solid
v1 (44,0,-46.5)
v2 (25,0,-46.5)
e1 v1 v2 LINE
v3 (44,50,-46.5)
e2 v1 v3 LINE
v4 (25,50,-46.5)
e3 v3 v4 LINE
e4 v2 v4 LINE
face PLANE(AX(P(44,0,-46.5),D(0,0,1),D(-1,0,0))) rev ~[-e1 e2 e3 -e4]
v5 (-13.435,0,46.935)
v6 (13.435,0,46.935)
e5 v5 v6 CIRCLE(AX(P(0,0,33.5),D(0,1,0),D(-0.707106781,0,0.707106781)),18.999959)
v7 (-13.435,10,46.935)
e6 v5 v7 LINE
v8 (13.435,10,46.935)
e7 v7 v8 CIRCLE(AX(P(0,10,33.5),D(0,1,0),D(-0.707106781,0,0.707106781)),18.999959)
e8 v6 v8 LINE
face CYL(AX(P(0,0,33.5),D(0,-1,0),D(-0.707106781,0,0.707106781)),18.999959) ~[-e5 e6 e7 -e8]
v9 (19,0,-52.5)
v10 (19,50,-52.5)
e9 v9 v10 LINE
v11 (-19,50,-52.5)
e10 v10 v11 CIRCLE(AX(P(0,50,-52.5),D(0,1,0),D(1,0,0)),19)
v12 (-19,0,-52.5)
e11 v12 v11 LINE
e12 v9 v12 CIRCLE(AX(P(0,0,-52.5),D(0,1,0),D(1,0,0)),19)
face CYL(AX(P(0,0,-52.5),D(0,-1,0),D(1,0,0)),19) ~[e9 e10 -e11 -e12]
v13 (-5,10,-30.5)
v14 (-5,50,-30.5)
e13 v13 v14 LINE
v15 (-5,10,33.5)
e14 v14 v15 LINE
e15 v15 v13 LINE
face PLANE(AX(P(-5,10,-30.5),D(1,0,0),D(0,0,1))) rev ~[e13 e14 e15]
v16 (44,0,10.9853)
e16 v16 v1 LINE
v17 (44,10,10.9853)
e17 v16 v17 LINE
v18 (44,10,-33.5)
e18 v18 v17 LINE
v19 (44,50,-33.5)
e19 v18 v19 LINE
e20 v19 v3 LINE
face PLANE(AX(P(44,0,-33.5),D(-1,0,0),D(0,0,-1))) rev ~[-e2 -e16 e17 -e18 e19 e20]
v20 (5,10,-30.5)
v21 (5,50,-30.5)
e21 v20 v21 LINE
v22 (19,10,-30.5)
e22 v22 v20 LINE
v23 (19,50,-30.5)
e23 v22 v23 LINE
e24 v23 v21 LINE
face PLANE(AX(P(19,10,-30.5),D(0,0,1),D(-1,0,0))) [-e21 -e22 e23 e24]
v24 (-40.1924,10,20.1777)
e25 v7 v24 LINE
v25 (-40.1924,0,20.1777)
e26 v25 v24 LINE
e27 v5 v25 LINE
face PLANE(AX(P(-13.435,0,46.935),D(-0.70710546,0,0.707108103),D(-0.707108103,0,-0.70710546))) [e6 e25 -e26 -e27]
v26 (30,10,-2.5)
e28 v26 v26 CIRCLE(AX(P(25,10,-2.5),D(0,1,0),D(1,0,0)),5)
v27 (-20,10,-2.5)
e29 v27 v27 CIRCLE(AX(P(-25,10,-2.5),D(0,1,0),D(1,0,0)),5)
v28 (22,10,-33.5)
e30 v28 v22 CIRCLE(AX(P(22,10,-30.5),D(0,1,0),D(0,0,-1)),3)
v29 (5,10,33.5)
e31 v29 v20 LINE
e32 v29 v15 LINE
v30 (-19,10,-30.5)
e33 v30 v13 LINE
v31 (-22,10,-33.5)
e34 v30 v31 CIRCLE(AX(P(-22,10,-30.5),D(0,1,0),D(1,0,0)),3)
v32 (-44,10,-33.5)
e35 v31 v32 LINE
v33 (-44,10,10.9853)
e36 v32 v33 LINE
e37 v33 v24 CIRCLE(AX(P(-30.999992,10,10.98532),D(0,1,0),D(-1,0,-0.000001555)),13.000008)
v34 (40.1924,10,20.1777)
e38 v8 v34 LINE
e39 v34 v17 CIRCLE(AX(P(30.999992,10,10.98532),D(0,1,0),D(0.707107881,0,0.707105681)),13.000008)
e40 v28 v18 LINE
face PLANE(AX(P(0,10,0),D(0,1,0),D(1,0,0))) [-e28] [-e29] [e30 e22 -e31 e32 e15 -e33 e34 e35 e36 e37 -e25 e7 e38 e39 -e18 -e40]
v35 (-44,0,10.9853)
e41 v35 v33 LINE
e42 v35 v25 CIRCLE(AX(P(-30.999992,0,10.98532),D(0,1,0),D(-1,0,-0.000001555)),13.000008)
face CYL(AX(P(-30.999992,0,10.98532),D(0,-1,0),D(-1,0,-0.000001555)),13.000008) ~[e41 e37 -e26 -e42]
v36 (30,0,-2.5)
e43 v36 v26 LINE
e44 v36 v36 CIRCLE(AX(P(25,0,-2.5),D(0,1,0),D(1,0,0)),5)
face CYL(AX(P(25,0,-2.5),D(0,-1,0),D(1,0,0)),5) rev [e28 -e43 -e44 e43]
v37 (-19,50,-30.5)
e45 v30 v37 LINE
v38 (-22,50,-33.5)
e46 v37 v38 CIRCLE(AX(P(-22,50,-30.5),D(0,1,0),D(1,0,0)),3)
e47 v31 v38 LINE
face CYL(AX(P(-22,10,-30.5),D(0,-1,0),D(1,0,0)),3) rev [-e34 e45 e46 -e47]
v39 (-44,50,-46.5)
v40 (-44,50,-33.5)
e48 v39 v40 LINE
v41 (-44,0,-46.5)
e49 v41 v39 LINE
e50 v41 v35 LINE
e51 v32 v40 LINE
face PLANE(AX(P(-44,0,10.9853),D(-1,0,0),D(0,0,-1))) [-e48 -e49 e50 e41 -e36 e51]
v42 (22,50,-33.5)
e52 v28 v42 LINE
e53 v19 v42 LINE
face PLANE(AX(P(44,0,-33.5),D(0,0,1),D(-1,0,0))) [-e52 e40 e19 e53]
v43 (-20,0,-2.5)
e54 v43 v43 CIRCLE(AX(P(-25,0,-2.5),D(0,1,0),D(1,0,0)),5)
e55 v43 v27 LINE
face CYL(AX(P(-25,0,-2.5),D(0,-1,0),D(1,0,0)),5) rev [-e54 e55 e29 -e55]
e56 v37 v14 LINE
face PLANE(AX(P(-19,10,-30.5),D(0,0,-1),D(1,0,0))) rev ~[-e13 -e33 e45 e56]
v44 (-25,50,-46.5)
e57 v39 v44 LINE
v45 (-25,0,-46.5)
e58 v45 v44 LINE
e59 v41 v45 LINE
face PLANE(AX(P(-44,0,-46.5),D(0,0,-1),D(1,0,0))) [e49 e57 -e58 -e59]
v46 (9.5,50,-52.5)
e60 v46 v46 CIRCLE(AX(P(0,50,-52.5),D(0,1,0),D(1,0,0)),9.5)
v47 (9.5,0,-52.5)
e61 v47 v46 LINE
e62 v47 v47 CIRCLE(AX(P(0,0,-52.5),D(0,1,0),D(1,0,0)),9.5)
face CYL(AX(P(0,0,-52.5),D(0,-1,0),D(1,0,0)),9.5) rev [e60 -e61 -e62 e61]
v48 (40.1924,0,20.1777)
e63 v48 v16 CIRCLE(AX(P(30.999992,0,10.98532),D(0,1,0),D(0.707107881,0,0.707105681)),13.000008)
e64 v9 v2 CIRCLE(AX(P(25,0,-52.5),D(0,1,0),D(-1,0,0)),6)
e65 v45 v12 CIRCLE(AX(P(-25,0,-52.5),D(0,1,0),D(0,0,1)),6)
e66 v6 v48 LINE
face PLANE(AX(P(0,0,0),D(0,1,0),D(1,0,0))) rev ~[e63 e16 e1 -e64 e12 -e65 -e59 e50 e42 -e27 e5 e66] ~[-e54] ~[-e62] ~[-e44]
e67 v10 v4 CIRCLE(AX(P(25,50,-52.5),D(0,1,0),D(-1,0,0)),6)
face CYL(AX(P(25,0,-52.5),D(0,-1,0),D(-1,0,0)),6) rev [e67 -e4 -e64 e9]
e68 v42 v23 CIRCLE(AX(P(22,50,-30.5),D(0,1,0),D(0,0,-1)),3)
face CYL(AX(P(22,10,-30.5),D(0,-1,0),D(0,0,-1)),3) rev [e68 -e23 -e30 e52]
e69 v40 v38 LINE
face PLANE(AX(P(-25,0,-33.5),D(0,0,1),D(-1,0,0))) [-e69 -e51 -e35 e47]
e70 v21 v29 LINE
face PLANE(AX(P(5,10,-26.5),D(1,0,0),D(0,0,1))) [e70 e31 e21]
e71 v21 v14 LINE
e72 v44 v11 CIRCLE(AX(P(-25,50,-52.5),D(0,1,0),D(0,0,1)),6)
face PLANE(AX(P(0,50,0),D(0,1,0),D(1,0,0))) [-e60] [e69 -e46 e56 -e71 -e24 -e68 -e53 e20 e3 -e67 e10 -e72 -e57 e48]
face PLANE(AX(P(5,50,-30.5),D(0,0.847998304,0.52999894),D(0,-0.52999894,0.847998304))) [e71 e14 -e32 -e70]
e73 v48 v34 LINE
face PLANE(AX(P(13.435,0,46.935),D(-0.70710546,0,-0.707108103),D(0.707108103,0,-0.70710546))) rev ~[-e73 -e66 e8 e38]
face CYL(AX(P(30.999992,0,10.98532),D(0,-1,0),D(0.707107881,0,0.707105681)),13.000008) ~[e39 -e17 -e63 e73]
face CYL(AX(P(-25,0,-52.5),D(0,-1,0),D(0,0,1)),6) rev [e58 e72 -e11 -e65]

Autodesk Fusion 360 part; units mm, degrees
sketch "Base" plane through (0, 0, 0) normal (0, 1, 0) x (1, 0, 0)
  line L0 (44, 33.5) -> (-44, 33.5)
  line L1 (44, -10.9853) -> (44, 33.5)
  line L2 (44, 33.5) -> (-44, -33.5) construction
  line L3 (-44, 33.5) -> (44, -33.5) construction
  line L4 (-44, 33.5) -> (44, 33.5)
  line L5 (44, 33.5) -> (44, 30.5)
  line L6 (-44, 30.5) -> (-44, 33.5)
  line L7 (-44, 30.5) -> (-40.0597, 30.5)
  line L8 (-44, -10.9853) -> (-44, 30.5)
  line L9 (44, -10.9853) -> (44, 30.5)
  arc A0 (-13.435, -46.935) -> (13.435, -46.935) centre (0, -33.5) ccw
  line L10 (0, -33.5) -> (-13.435, -46.935) construction
  line L11 (0, -33.5) -> (13.435, -46.935) construction
  line L12 (-13.435, -46.935) -> (-40.1924, -20.1777)
  line L13 (13.435, -46.935) -> (40.1924, -20.1777)
  line L14 (-44, 33.5) -> (-44, -10.9853)
  arc A1 (40.1924, -20.1777) -> (44, -10.9853) centre (31, -10.9853) ccw
  arc A2 (-44, -10.9853) -> (-40.1924, -20.1777) centre (-31, -10.9853) ccw
  line L15 (-44, 33.5) -> (44, 33.5)
  line L16 (44, 33.5) -> (44, 2.5)
  line L17 (-44, 2.5) -> (-44, 33.5)
  line L18 (0, 33.5) -> (-25, 33.5)
  line L19 (-25, -33.5) -> (0, -33.5) construction
  line L20 (0, -33.5) -> (25, -33.5) construction
  line L21 (25, 33.5) -> (0, 33.5)
  circle A3 centre (-25, 2.5) radius 5
  circle A4 centre (25, 2.5) radius 5
  line L22 (-44, 33.5) -> (44, 33.5)
  line L23 (44, 33.5) -> (44, 46.5)
  line L24 (-44, 46.5) -> (-44, 33.5)
  line L25 (-44, 46.5) -> (-25, 46.5)
  line L26 (-19, 33.5) -> (-44, 33.5)
  line L27 (-44, 33.5) -> (-44, 46.5)
  line L28 (44, 46.5) -> (25, 46.5)
  line L29 (19, 33.5) -> (44, 33.5)
  line L30 (44, 33.5) -> (44, 46.5)
  line L31 (44, 46.5) -> (44, 52.5) construction
  line L32 (44, 52.5) -> (-44, 52.5) construction
  line L33 (-44, 52.5) -> (-44, 46.5) construction
  circle A5 centre (0, 52.5) radius 9.5
  arc A6 (-25, 46.5) -> (-19, 52.5) centre (-25, 52.5) ccw
  arc A7 (19, 52.5) -> (25, 46.5) centre (25, 52.5) ccw
  arc A8 (19, 52.5) -> (-19, 52.5) centre (0, 52.5) ccw
  line L34 (-44, 46.5) -> (-25, 46.5)
  line L35 (25, 46.5) -> (44, 46.5)
  line L36 (44, 46.5) -> (25, 46.5)
  line L37 (-25, 46.5) -> (-44, 46.5)
  dimension "d1" = 88
  dimension "d2" = 67
  dimension "d3" = 3
  dimension "d6" = 38
  dimension "d10" = 13
  dimension "d11" = 31
  dimension "d12" = 25
  dimension "d13" = 25
  dimension "d14" = 10
  dimension "d15" = 10
  dimension "d38" = 13
  dimension "d43" = 6
  dimension "d44" = 19
  dimension "d45" = 38
  dimension "d46" = 6
  dimension "d47" = 6
extrude "Extrude1" add sketch "Base" along normal blind 10 contours L0 L1 L4 L5 L6 L8 L9 A0 L12 L13 L14 A1 A2 L15 L16 L17 L18 L21 L22 L26 L29
sketch "Base decorations" plane through (0, 10, 0) normal (0, 1, 0) x (-1, 0, 0)
  circle A0 centre (-25, -2.5) radius 5
  circle A1 centre (25, -2.5) radius 5
  line L0 (-44, -33.5) -> (44, -33.5)
  line L1 (44, -33.5) -> (44, 10.9853)
  arc A2 (44, 10.9853) -> (40.1924, 20.1777) centre (31, 10.9853) ccw
  line L2 (40.1924, 20.1777) -> (13.435, 46.935)
  arc A3 (13.435, 46.935) -> (-13.435, 46.935) centre (0, 33.5) ccw
  line L3 (-13.435, 46.935) -> (-40.1924, 20.1777)
  arc A4 (-40.1924, 20.1777) -> (-44, 10.9853) centre (-31, 10.9853) ccw
  line L4 (-44, 10.9853) -> (-44, -33.5)
  line L5 (44, -33.5) -> (-44, -33.5)
  line L6 (-44, -33.5) -> (-44, -30.5)
  line L7 (44, -30.5) -> (44, -33.5)
  line L8 (44, -30.5) -> (19, -30.5)
  line L9 (44, 10.5) -> (44, -30.5)
  line L10 (-44, -30.5) -> (-19, -30.5)
  line L11 (-44, 10.5) -> (-44, -30.5)
  line L12 (19, -30.5) -> (5, -30.5)
  line L13 (5, -30.5) -> (5, 10.5)
  line L14 (-19, -30.5) -> (-5, -30.5)
  line L15 (-5, -30.5) -> (-5, 10.5)
  line L16 (-5, -30.5) -> (-5, -26.5)
  line L17 (-5, -26.5) -> (5, -26.5)
  line L18 (5, -26.5) -> (5, -30.5)
  line L19 (5, -33.5) -> (-5, -33.5)
  line L20 (-5, -30.5) -> (-5, 33.5)
  line L21 (-5, 33.5) -> (5, 33.5)
  line L22 (5, 33.5) -> (5, -30.5)
  line L23 (-44, -30.5) -> (-5, -30.5)
  line L24 (5, -30.5) -> (44, -30.5)
  line L25 (19, -30.5) -> (5, -30.5)
  line L26 (-5, -30.5) -> (-19, -30.5)
  line L27 (44, -33.5) -> (19, -33.5)
  line L28 (19, -30.5) -> (44, -30.5)
  line L29 (44, -30.5) -> (44, -33.5)
  line L30 (-44, -33.5) -> (-19, -33.5)
  line L31 (-19, -30.5) -> (-44, -30.5)
  line L32 (-44, -30.5) -> (-44, -33.5)
  arc A5 (-22, -33.5) -> (-19, -30.5) centre (-22, -30.5) ccw
  arc A6 (19, -30.5) -> (22, -33.5) centre (22, -30.5) ccw
  dimension "d18" = 3
  dimension "d19" = 25
  dimension "d20" = 41
  dimension "d21" = 25
  dimension "d22" = 41
  dimension "d23" = 14
  dimension "d24" = 14
  dimension "d26" = 4
  dimension "d27" = 67
  dimension "d28" = 25
  dimension "d29" = 25
  dimension "d30" = 3
  dimension "d31" = 3
extrude "Extrude4" add sketch "Base decorations" along normal blind 40 contours L0 L5 L12 L13 L14 L15 L16 L17 L18 L19 L20 L22 L23 L24 L25 L26 L27 L30 A5 A6
extrude "Extrude2" add sketch "Base decorations" along normal blind 40 contours L13 L15 L17 L20 L21 L22
sketch "Triangle cut" plane through (5, 0, 0) normal (1, 0, 0) x (0, 0, -1)
  line L0 (-33.5, 10) -> (30.5, 10)
  line L1 (30.5, 50) -> (-33.5, 50)
  line L2 (-33.5, 50) -> (-33.5, 10)
  line L3 (30.5, 50) -> (-33.5, 10)
  line L4 (30.5, 10) -> (30.5, 50)
extrude "Extrude3" cut sketch "Triangle cut" against normal blind 10 contours L1 L2 L3
extrude "Extrude5" add sketch "Base" along normal blind 50 contours L0 L4 L15 L18 L21 L22 L23 L24 L25 L26 L27 L28 L29 L30 A6 A7 A8 L34 L35 L36 L37
